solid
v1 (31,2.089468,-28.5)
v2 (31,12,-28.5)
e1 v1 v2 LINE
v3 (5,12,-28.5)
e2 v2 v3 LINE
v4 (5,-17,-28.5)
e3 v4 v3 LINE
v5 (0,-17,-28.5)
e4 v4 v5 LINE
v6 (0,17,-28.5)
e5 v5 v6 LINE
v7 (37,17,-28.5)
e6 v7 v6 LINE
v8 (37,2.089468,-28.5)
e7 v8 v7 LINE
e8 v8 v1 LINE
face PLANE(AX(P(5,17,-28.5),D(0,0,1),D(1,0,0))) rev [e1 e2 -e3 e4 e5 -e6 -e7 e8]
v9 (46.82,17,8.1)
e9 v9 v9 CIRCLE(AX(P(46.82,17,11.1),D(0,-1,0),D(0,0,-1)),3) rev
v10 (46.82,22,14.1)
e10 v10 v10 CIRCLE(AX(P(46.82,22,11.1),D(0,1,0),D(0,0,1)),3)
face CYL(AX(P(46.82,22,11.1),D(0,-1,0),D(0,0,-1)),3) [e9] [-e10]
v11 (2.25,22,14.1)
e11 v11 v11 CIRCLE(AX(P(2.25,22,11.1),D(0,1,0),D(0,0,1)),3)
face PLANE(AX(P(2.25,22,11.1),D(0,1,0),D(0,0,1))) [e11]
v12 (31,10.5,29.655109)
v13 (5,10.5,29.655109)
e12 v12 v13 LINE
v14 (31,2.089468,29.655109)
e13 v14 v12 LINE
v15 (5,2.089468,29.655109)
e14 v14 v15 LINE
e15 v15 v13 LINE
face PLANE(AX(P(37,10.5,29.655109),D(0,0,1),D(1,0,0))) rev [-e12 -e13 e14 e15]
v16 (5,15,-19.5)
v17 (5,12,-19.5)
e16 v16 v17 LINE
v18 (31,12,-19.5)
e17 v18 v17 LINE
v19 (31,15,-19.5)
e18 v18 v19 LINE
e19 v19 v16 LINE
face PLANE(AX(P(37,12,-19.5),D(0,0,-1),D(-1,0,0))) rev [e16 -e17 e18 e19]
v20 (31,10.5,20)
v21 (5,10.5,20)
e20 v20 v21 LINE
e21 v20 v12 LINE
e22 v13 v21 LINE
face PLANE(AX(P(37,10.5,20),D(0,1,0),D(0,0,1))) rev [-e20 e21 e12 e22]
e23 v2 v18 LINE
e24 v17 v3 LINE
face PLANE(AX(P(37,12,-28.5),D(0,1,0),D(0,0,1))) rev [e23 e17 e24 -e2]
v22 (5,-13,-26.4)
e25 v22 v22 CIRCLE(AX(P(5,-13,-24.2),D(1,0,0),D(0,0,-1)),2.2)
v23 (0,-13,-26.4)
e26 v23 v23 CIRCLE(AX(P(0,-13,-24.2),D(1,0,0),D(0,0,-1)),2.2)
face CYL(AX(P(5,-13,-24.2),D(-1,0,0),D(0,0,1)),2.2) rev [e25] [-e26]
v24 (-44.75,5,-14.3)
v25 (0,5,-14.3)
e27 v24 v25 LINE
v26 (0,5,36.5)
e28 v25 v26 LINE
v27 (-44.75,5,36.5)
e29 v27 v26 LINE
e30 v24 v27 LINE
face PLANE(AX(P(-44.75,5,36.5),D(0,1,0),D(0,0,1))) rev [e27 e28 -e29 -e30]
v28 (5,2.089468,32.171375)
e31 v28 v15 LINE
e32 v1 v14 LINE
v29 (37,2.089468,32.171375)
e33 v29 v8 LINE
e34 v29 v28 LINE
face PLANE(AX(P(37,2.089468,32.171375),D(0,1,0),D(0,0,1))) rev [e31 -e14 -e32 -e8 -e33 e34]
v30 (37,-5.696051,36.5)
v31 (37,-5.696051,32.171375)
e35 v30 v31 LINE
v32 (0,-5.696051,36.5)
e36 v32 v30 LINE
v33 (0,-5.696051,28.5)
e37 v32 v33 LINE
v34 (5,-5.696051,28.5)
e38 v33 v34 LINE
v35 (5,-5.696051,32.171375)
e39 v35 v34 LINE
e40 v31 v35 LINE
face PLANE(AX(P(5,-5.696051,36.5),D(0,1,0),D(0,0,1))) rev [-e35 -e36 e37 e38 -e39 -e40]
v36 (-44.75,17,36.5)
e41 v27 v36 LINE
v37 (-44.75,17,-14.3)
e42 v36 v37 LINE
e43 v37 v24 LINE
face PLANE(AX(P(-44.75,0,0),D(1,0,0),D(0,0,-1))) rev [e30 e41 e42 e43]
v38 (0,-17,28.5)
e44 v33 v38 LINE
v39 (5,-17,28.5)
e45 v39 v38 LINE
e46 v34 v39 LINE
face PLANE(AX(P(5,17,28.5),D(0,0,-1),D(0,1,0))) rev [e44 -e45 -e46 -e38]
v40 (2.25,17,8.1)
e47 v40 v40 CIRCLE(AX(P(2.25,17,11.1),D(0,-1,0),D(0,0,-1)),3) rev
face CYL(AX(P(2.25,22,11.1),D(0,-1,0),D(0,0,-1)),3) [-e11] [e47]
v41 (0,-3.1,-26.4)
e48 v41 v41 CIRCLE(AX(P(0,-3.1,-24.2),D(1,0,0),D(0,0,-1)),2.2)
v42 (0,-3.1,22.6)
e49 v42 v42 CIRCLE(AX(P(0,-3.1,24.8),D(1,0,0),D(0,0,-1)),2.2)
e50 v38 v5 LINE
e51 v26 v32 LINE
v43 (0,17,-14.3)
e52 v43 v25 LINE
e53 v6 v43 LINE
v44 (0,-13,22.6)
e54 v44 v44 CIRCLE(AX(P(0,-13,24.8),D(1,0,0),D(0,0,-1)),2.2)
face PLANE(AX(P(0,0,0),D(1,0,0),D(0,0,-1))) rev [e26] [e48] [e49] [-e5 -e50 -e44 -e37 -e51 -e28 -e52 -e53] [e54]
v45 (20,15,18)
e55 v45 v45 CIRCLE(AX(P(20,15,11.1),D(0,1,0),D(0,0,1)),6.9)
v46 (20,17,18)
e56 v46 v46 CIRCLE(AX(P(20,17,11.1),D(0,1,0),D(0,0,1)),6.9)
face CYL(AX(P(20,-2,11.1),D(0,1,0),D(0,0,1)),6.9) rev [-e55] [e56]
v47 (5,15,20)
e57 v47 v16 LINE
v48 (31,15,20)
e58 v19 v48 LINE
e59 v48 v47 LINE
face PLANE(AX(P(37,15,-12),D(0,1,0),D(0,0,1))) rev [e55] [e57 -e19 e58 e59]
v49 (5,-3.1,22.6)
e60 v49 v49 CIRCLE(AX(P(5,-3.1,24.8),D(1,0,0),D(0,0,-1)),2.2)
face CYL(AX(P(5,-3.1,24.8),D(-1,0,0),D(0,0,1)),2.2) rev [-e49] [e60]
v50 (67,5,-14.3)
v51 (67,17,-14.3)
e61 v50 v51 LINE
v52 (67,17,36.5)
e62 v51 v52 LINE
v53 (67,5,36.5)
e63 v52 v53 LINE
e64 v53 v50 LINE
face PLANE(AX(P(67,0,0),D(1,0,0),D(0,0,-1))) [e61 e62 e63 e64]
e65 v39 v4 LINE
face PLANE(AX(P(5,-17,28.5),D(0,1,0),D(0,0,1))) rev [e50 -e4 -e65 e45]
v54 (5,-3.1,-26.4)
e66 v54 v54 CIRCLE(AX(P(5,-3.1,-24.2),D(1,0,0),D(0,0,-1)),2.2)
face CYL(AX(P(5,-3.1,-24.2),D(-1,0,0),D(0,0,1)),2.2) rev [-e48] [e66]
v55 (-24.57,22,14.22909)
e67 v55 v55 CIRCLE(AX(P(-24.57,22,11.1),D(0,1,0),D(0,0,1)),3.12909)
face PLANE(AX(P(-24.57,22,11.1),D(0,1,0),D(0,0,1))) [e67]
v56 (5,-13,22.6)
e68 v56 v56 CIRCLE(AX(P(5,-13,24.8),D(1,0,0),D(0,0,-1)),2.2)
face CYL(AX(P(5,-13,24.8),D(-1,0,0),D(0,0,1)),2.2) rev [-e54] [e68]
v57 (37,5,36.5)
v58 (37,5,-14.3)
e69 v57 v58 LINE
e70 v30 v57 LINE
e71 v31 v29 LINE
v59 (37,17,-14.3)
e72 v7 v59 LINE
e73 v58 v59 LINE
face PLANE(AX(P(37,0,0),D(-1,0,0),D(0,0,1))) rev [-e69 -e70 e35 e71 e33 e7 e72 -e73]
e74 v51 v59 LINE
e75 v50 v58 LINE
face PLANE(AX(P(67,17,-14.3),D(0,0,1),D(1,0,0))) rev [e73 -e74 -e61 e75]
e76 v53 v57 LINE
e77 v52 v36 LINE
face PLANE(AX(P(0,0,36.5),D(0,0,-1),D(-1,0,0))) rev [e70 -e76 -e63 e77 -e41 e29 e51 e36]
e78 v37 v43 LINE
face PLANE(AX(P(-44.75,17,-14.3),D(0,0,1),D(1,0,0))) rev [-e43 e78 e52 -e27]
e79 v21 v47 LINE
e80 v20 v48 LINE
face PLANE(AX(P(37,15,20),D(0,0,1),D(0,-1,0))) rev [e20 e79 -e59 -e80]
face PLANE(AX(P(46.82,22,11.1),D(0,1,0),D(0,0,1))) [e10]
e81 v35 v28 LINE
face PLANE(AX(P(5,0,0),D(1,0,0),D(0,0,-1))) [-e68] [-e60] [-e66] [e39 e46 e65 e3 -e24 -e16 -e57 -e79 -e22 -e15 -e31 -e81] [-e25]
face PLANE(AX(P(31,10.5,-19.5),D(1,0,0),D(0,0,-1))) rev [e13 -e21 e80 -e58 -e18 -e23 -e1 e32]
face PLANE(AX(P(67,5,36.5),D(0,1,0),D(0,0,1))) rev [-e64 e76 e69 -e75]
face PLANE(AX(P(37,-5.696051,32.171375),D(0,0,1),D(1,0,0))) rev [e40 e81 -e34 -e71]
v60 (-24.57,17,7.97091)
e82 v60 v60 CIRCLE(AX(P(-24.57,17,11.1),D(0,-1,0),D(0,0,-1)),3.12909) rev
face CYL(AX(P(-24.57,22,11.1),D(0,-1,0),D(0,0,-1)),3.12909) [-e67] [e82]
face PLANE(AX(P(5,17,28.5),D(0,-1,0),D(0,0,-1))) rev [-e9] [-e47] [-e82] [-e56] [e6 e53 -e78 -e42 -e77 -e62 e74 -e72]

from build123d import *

# Parameters (mm, degrees)
SKETCH3_W            = 57
SKETCH3_H            = 34
SKETCH3_R            = 2.2
BOSS_EXTRUDE2_DEPTH  = 5
BOSS_EXTRUDE3_DEPTH  = 32
SKETCH5_R            = 6.9
CUT_EXTRUDE1_DEPTH   = 19
BOSS_EXTRUDE4_DEPTH  = 8
SKETCH7_W            = 6
SKETCH7_H            = 4.5
BOSS_EXTRUDE5_DEPTH  = 39.5
BOSS_EXTRUDE6_DEPTH  = 32
BOSS_EXTRUDE7_DEPTH  = 32
SKETCH11_W           = 6
SKETCH11_H           = 8.410531804
BOSS_EXTRUDE8_DEPTH  = 58.155109
SKETCH12_W           = 6
SKETCH12_H           = 1.5
BOSS_EXTRUDE9_DEPTH  = 9
SKETCH13_W           = 50.8
SKETCH13_H           = 12
BOSS_EXTRUDE10_DEPTH = 30
SKETCH14_W           = 50.8
SKETCH14_H           = 12
BOSS_EXTRUDE11_DEPTH = 44.75
SKETCH15_R           = 3
SKETCH15_R_2         = 3.129089935
BOSS_EXTRUDE12_DEPTH = 5


with BuildPart() as part:
    # Sketch3 → Boss-Extrude2 (new body)
    with BuildSketch(Plane(origin=(0, 0, 0), x_dir=(0, 0, -1), z_dir=(1, 0, 0))):
        Rectangle(SKETCH3_W, SKETCH3_H)
        with Locations((-24.8, -3.1)):
            Circle(SKETCH3_R, mode=Mode.SUBTRACT)
        with Locations((-24.8, -13)):
            Circle(SKETCH3_R, mode=Mode.SUBTRACT)
        with Locations((24.2, -3.1)):
            Circle(SKETCH3_R, mode=Mode.SUBTRACT)
        with Locations((24.2, -13)):
            Circle(SKETCH3_R, mode=Mode.SUBTRACT)
    extrude(amount=BOSS_EXTRUDE2_DEPTH)

    # Sketch4 → Boss-Extrude3 (add)
    with BuildSketch(Plane(origin=(5, 0, 0), x_dir=(0, 0, -1), z_dir=(1, 0, 0))):
        Polygon((-28.5, 17), (12, 17), (12, 15), (-20, 15), (-20, 10.5), (-28.5, 10.5), align=None)
    extrude(amount=BOSS_EXTRUDE3_DEPTH)

    # Sketch5 → Cut-Extrude1 (cut)
    with BuildSketch(Plane(origin=(0, 17, 0), x_dir=(1, 0, 0), z_dir=(0, 1, 0))):
        with Locations((20, -11.1)):
            Circle(SKETCH5_R)
    extrude(amount=-CUT_EXTRUDE1_DEPTH, mode=Mode.SUBTRACT)

    # Sketch6 → Boss-Extrude4 (add)
    with BuildSketch(Plane.XY.offset(28.5)):
        Polygon((0, 17), (37, 17), (37, 10.5), (5, 10.5), (5, -5.696050601), (0, -5.696050601), align=None)
    extrude(amount=BOSS_EXTRUDE4_DEPTH)

    # Sketch7 → Boss-Extrude5 (add)
    with BuildSketch(Plane(origin=(0, 0, 20), x_dir=(-1, 0, 0), z_dir=(0, 0, -1))):
        with Locations((-34, 12.75)):
            Rectangle(SKETCH7_W, SKETCH7_H)
    extrude(amount=BOSS_EXTRUDE5_DEPTH)

    # Sketch8 → Boss-Extrude6 (add)
    with BuildSketch(Plane(origin=(5, 0, 0), x_dir=(0, 0, -1), z_dir=(1, 0, 0))):
        Polygon((-36.5, -5.696050601), (-32.171374704, -5.696050601), (-32.171374704, 2.089468196), (-29.655108528, 2.089468196), (-29.655108528, 10.5), (-32.171374704, 10.5), (-36.5, 10.5), align=None)
    extrude(amount=BOSS_EXTRUDE6_DEPTH)

    # Sketch9 → Boss-Extrude7 (add)
    with BuildSketch(Plane(origin=(5, 0, 0), x_dir=(0, 0, -1), z_dir=(1, 0, 0))):
        Polygon((12, 17), (28.5, 17), (28.5, 12), (19.5, 12), (19.5, 15), (12, 15), align=None)
    extrude(amount=BOSS_EXTRUDE7_DEPTH)

    # Sketch11 → Boss-Extrude8 (add)
    with BuildSketch(Plane(origin=(0, 0, 29.655108528), x_dir=(-1, 0, 0), z_dir=(0, 0, -1))):
        with Locations((-34, 6.294734098)):
            Rectangle(SKETCH11_W, SKETCH11_H)
    extrude(amount=BOSS_EXTRUDE8_DEPTH)

    # Sketch12 → Boss-Extrude9 (add)
    with BuildSketch(Plane(origin=(0, 0, -19.5), x_dir=(-1, 0, 0), z_dir=(0, 0, -1))):
        with Locations((-34, 11.25)):
            Rectangle(SKETCH12_W, SKETCH12_H)
    extrude(amount=BOSS_EXTRUDE9_DEPTH)

    # Sketch13 → Boss-Extrude10 (add)
    with BuildSketch(Plane(origin=(37, 0, 0), x_dir=(0, 0, -1), z_dir=(1, 0, 0))):
        with Locations((-11.1, 11)):
            Rectangle(SKETCH13_W, SKETCH13_H)
    extrude(amount=BOSS_EXTRUDE10_DEPTH)

    # Sketch14 → Boss-Extrude11 (add)
    with BuildSketch(Plane.ZY):
        with Locations((11.1, 11)):
            Rectangle(SKETCH14_W, SKETCH14_H)
    extrude(amount=BOSS_EXTRUDE11_DEPTH)

    # Sketch15 → Boss-Extrude12 (add)
    with BuildSketch(Plane(origin=(0, 17, 0), x_dir=(1, 0, 0), z_dir=(0, 1, 0))):
        with Locations((2.25, -11.1)):
            Circle(SKETCH15_R)
        with Locations((46.82, -11.1)):
            Circle(SKETCH15_R)
        with Locations((-24.57, -11.1)):
            Circle(SKETCH15_R_2)
    extrude(amount=BOSS_EXTRUDE12_DEPTH)


solid = part.part
